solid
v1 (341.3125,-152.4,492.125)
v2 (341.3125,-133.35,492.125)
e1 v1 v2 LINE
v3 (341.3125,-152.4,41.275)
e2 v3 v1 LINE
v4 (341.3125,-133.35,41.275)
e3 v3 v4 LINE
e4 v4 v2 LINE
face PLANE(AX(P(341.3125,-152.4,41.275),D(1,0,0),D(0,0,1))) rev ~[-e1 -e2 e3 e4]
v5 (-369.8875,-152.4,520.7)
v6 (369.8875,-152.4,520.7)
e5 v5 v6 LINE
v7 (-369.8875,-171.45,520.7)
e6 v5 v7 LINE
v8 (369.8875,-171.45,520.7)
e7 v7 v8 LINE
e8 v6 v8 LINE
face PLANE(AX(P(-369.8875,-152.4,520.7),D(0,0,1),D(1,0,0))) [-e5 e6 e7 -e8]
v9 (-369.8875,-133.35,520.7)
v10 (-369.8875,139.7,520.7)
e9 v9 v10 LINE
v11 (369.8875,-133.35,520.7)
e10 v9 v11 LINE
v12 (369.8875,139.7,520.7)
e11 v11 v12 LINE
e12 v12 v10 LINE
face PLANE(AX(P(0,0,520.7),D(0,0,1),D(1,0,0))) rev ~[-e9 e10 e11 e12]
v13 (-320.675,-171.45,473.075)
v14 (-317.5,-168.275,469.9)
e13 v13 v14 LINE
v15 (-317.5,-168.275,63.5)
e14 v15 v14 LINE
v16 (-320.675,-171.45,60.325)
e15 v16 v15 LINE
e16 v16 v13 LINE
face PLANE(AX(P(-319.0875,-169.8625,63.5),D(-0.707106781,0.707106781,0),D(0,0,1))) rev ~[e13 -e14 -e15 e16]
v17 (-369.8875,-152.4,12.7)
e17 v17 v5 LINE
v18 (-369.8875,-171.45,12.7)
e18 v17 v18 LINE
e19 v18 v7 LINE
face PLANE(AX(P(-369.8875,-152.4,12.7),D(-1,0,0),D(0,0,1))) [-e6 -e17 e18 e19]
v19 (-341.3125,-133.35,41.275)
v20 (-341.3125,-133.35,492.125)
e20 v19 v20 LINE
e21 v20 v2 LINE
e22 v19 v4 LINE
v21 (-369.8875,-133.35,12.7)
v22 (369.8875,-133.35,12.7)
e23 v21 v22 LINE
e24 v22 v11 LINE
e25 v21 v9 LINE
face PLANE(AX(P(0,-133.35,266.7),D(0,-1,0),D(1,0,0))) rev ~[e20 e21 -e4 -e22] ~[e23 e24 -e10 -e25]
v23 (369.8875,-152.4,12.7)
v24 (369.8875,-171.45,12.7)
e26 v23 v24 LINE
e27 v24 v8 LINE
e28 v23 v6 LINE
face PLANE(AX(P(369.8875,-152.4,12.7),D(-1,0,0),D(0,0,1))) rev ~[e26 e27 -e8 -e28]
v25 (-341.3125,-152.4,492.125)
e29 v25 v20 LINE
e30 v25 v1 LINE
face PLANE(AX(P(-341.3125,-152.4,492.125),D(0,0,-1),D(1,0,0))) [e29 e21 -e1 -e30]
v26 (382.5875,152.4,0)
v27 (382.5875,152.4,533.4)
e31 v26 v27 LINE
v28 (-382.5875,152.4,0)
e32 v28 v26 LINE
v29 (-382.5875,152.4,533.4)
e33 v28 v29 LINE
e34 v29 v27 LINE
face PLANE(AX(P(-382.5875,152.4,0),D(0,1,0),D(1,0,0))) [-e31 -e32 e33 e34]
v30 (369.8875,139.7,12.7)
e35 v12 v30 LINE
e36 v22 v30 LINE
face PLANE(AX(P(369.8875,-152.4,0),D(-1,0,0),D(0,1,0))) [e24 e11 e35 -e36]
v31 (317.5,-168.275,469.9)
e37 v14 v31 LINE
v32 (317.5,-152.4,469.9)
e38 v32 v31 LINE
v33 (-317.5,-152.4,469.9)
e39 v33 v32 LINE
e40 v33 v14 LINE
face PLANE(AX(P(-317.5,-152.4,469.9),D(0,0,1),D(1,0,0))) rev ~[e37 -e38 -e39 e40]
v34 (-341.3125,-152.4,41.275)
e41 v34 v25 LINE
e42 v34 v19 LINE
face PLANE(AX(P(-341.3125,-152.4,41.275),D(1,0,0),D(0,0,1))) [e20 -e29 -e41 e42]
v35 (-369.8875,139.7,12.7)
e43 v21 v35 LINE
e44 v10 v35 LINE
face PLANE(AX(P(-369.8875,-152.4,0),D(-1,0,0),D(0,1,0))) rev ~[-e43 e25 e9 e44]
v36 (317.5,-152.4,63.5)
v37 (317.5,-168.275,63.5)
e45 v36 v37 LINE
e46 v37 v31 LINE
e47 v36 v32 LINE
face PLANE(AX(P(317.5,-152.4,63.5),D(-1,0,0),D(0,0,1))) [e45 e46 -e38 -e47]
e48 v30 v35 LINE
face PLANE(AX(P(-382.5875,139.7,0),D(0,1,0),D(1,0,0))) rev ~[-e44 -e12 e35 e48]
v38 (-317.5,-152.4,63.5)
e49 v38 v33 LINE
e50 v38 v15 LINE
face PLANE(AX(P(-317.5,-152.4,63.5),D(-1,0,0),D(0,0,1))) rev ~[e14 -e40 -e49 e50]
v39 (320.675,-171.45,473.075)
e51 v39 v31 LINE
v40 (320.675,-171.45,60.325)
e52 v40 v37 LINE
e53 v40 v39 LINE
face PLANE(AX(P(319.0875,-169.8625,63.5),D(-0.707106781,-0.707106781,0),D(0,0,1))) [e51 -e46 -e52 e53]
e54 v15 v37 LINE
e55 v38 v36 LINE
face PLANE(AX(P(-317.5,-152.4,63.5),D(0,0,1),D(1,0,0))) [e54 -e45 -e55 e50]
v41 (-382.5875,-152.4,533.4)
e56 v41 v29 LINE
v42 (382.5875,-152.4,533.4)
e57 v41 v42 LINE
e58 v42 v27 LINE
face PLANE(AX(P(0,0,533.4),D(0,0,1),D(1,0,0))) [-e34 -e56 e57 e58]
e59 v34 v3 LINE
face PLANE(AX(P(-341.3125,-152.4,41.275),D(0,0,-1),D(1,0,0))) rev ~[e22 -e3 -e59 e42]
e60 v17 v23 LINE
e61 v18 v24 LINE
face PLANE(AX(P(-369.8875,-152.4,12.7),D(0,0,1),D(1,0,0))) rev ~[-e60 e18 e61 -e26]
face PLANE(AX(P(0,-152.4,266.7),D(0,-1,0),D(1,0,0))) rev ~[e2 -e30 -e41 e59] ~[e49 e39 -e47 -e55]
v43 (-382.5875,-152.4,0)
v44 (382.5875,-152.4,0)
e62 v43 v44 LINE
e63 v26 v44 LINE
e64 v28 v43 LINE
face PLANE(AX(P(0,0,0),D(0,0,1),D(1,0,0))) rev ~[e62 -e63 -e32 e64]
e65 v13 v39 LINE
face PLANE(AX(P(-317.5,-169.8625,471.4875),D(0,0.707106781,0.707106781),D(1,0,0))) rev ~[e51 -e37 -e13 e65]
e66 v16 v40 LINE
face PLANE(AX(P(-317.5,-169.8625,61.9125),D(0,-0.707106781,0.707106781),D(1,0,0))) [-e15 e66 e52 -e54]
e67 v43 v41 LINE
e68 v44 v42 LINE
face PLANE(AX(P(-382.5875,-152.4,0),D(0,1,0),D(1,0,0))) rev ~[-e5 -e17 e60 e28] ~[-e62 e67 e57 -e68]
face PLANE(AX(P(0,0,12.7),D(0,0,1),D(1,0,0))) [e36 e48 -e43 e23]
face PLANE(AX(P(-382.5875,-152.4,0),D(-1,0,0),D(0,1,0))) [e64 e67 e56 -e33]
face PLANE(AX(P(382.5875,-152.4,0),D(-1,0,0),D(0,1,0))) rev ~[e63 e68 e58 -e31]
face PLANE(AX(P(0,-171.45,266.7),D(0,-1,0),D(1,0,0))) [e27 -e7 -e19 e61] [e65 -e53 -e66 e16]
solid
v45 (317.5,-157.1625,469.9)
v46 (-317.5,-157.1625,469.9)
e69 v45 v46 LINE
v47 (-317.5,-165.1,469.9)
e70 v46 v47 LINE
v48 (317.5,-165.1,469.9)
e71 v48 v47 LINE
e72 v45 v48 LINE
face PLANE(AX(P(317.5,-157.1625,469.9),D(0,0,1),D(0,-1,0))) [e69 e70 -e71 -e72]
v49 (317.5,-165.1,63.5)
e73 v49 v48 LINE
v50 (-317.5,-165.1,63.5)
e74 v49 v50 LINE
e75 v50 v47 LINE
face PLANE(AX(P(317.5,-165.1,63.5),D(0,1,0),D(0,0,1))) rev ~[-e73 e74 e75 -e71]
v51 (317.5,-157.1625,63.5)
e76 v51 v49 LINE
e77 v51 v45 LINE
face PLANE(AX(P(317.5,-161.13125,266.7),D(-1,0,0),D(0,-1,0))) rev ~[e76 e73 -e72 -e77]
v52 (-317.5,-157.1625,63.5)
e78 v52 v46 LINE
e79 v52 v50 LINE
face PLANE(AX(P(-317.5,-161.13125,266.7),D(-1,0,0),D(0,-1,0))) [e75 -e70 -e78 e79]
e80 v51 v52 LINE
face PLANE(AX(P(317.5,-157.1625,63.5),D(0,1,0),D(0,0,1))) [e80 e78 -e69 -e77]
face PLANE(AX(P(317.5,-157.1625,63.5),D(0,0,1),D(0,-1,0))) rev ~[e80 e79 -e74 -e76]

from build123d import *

# Parameters (mm, degrees)
F0_W     = 765.175
F0_H     = 304.8
F1_DEPTH = 533.4
F2_T     = -12.7
F3_W     = 765.175
F3_H     = 533.4
F3_W_2   = 749.3
F3_H_2   = 520.7
F3_W_3   = 739.775
F3_H_3   = 508
F3_W_4   = 682.625
F3_H_4   = 450.85
F4_DEPTH = 19.05
F3_W_5   = 635
F3_H_5   = 406.4
F5_DEPTH = 19.05
F6_W     = 7.9375
F6_H     = 406.4
F7_DEPTH = 635
F8_SIZE  = 3.175


with BuildPart() as f1:
    # F0 (on Top) → F1 (new body)
    with BuildSketch(Plane.XY):
        Rectangle(F0_W, F0_H)
    extrude(amount=F1_DEPTH)

    # F2
    f2_openings = [f1.faces().sort_by_distance(p)[0] for p in [
        (0, -152.4, 266.7),
    ]]
    offset(amount=F2_T, openings=f2_openings)

    # F3 (on face) → F4 (join)
    with BuildSketch(Plane.XZ.offset(152.4)):
        with Locations((0, 266.7)):
            Rectangle(F3_W, F3_H)
        with Locations((0, 266.7)):
            Rectangle(F3_W_2, F3_H_2, mode=Mode.SUBTRACT)
        with Locations((0, 266.7)):
            Rectangle(F3_W_2, F3_H_2)
        with Locations((0, 266.7)):
            Rectangle(F3_W_3, F3_H_3, mode=Mode.SUBTRACT)
        with Locations((0, 266.7)):
            Rectangle(F3_W_3, F3_H_3)
        with Locations((0, 266.7)):
            Rectangle(F3_W_4, F3_H_4, mode=Mode.SUBTRACT)
    extrude(amount=-F4_DEPTH)

    # F3 (on face) → F5 (join)
    with BuildSketch(Plane.XZ.offset(152.4)):
        with Locations((0, 266.7)):
            Rectangle(F3_W_3, F3_H_3)
        with Locations((0, 266.7)):
            Rectangle(F3_W_4, F3_H_4, mode=Mode.SUBTRACT)
        with Locations((0, 266.7)):
            Rectangle(F3_W_4, F3_H_4)
        with Locations((0, 266.7)):
            Rectangle(F3_W_5, F3_H_5, mode=Mode.SUBTRACT)
    extrude(amount=F5_DEPTH)

    # F8
    f8_edges = [f1.edges().sort_by_distance(p)[0] for p in [
        (0, -171.45, 63.5),
        (-317.5, -171.45, 266.7),
        (0, -171.45, 469.9),
        (317.5, -171.45, 266.7),
    ]]
    chamfer(f8_edges, length=F8_SIZE)


with BuildPart() as f7:
    # F6 (on face) → F7 (new body, through all)
    with BuildSketch(Plane(origin=(317.5, 0, 0), x_dir=(0, -1, 0), z_dir=(-1, 0, 0))):
        with Locations((161.13125, 266.7)):
            Rectangle(F6_W, F6_H)
    extrude(amount=F7_DEPTH)


solid = Compound([f1.part, f7.part])
